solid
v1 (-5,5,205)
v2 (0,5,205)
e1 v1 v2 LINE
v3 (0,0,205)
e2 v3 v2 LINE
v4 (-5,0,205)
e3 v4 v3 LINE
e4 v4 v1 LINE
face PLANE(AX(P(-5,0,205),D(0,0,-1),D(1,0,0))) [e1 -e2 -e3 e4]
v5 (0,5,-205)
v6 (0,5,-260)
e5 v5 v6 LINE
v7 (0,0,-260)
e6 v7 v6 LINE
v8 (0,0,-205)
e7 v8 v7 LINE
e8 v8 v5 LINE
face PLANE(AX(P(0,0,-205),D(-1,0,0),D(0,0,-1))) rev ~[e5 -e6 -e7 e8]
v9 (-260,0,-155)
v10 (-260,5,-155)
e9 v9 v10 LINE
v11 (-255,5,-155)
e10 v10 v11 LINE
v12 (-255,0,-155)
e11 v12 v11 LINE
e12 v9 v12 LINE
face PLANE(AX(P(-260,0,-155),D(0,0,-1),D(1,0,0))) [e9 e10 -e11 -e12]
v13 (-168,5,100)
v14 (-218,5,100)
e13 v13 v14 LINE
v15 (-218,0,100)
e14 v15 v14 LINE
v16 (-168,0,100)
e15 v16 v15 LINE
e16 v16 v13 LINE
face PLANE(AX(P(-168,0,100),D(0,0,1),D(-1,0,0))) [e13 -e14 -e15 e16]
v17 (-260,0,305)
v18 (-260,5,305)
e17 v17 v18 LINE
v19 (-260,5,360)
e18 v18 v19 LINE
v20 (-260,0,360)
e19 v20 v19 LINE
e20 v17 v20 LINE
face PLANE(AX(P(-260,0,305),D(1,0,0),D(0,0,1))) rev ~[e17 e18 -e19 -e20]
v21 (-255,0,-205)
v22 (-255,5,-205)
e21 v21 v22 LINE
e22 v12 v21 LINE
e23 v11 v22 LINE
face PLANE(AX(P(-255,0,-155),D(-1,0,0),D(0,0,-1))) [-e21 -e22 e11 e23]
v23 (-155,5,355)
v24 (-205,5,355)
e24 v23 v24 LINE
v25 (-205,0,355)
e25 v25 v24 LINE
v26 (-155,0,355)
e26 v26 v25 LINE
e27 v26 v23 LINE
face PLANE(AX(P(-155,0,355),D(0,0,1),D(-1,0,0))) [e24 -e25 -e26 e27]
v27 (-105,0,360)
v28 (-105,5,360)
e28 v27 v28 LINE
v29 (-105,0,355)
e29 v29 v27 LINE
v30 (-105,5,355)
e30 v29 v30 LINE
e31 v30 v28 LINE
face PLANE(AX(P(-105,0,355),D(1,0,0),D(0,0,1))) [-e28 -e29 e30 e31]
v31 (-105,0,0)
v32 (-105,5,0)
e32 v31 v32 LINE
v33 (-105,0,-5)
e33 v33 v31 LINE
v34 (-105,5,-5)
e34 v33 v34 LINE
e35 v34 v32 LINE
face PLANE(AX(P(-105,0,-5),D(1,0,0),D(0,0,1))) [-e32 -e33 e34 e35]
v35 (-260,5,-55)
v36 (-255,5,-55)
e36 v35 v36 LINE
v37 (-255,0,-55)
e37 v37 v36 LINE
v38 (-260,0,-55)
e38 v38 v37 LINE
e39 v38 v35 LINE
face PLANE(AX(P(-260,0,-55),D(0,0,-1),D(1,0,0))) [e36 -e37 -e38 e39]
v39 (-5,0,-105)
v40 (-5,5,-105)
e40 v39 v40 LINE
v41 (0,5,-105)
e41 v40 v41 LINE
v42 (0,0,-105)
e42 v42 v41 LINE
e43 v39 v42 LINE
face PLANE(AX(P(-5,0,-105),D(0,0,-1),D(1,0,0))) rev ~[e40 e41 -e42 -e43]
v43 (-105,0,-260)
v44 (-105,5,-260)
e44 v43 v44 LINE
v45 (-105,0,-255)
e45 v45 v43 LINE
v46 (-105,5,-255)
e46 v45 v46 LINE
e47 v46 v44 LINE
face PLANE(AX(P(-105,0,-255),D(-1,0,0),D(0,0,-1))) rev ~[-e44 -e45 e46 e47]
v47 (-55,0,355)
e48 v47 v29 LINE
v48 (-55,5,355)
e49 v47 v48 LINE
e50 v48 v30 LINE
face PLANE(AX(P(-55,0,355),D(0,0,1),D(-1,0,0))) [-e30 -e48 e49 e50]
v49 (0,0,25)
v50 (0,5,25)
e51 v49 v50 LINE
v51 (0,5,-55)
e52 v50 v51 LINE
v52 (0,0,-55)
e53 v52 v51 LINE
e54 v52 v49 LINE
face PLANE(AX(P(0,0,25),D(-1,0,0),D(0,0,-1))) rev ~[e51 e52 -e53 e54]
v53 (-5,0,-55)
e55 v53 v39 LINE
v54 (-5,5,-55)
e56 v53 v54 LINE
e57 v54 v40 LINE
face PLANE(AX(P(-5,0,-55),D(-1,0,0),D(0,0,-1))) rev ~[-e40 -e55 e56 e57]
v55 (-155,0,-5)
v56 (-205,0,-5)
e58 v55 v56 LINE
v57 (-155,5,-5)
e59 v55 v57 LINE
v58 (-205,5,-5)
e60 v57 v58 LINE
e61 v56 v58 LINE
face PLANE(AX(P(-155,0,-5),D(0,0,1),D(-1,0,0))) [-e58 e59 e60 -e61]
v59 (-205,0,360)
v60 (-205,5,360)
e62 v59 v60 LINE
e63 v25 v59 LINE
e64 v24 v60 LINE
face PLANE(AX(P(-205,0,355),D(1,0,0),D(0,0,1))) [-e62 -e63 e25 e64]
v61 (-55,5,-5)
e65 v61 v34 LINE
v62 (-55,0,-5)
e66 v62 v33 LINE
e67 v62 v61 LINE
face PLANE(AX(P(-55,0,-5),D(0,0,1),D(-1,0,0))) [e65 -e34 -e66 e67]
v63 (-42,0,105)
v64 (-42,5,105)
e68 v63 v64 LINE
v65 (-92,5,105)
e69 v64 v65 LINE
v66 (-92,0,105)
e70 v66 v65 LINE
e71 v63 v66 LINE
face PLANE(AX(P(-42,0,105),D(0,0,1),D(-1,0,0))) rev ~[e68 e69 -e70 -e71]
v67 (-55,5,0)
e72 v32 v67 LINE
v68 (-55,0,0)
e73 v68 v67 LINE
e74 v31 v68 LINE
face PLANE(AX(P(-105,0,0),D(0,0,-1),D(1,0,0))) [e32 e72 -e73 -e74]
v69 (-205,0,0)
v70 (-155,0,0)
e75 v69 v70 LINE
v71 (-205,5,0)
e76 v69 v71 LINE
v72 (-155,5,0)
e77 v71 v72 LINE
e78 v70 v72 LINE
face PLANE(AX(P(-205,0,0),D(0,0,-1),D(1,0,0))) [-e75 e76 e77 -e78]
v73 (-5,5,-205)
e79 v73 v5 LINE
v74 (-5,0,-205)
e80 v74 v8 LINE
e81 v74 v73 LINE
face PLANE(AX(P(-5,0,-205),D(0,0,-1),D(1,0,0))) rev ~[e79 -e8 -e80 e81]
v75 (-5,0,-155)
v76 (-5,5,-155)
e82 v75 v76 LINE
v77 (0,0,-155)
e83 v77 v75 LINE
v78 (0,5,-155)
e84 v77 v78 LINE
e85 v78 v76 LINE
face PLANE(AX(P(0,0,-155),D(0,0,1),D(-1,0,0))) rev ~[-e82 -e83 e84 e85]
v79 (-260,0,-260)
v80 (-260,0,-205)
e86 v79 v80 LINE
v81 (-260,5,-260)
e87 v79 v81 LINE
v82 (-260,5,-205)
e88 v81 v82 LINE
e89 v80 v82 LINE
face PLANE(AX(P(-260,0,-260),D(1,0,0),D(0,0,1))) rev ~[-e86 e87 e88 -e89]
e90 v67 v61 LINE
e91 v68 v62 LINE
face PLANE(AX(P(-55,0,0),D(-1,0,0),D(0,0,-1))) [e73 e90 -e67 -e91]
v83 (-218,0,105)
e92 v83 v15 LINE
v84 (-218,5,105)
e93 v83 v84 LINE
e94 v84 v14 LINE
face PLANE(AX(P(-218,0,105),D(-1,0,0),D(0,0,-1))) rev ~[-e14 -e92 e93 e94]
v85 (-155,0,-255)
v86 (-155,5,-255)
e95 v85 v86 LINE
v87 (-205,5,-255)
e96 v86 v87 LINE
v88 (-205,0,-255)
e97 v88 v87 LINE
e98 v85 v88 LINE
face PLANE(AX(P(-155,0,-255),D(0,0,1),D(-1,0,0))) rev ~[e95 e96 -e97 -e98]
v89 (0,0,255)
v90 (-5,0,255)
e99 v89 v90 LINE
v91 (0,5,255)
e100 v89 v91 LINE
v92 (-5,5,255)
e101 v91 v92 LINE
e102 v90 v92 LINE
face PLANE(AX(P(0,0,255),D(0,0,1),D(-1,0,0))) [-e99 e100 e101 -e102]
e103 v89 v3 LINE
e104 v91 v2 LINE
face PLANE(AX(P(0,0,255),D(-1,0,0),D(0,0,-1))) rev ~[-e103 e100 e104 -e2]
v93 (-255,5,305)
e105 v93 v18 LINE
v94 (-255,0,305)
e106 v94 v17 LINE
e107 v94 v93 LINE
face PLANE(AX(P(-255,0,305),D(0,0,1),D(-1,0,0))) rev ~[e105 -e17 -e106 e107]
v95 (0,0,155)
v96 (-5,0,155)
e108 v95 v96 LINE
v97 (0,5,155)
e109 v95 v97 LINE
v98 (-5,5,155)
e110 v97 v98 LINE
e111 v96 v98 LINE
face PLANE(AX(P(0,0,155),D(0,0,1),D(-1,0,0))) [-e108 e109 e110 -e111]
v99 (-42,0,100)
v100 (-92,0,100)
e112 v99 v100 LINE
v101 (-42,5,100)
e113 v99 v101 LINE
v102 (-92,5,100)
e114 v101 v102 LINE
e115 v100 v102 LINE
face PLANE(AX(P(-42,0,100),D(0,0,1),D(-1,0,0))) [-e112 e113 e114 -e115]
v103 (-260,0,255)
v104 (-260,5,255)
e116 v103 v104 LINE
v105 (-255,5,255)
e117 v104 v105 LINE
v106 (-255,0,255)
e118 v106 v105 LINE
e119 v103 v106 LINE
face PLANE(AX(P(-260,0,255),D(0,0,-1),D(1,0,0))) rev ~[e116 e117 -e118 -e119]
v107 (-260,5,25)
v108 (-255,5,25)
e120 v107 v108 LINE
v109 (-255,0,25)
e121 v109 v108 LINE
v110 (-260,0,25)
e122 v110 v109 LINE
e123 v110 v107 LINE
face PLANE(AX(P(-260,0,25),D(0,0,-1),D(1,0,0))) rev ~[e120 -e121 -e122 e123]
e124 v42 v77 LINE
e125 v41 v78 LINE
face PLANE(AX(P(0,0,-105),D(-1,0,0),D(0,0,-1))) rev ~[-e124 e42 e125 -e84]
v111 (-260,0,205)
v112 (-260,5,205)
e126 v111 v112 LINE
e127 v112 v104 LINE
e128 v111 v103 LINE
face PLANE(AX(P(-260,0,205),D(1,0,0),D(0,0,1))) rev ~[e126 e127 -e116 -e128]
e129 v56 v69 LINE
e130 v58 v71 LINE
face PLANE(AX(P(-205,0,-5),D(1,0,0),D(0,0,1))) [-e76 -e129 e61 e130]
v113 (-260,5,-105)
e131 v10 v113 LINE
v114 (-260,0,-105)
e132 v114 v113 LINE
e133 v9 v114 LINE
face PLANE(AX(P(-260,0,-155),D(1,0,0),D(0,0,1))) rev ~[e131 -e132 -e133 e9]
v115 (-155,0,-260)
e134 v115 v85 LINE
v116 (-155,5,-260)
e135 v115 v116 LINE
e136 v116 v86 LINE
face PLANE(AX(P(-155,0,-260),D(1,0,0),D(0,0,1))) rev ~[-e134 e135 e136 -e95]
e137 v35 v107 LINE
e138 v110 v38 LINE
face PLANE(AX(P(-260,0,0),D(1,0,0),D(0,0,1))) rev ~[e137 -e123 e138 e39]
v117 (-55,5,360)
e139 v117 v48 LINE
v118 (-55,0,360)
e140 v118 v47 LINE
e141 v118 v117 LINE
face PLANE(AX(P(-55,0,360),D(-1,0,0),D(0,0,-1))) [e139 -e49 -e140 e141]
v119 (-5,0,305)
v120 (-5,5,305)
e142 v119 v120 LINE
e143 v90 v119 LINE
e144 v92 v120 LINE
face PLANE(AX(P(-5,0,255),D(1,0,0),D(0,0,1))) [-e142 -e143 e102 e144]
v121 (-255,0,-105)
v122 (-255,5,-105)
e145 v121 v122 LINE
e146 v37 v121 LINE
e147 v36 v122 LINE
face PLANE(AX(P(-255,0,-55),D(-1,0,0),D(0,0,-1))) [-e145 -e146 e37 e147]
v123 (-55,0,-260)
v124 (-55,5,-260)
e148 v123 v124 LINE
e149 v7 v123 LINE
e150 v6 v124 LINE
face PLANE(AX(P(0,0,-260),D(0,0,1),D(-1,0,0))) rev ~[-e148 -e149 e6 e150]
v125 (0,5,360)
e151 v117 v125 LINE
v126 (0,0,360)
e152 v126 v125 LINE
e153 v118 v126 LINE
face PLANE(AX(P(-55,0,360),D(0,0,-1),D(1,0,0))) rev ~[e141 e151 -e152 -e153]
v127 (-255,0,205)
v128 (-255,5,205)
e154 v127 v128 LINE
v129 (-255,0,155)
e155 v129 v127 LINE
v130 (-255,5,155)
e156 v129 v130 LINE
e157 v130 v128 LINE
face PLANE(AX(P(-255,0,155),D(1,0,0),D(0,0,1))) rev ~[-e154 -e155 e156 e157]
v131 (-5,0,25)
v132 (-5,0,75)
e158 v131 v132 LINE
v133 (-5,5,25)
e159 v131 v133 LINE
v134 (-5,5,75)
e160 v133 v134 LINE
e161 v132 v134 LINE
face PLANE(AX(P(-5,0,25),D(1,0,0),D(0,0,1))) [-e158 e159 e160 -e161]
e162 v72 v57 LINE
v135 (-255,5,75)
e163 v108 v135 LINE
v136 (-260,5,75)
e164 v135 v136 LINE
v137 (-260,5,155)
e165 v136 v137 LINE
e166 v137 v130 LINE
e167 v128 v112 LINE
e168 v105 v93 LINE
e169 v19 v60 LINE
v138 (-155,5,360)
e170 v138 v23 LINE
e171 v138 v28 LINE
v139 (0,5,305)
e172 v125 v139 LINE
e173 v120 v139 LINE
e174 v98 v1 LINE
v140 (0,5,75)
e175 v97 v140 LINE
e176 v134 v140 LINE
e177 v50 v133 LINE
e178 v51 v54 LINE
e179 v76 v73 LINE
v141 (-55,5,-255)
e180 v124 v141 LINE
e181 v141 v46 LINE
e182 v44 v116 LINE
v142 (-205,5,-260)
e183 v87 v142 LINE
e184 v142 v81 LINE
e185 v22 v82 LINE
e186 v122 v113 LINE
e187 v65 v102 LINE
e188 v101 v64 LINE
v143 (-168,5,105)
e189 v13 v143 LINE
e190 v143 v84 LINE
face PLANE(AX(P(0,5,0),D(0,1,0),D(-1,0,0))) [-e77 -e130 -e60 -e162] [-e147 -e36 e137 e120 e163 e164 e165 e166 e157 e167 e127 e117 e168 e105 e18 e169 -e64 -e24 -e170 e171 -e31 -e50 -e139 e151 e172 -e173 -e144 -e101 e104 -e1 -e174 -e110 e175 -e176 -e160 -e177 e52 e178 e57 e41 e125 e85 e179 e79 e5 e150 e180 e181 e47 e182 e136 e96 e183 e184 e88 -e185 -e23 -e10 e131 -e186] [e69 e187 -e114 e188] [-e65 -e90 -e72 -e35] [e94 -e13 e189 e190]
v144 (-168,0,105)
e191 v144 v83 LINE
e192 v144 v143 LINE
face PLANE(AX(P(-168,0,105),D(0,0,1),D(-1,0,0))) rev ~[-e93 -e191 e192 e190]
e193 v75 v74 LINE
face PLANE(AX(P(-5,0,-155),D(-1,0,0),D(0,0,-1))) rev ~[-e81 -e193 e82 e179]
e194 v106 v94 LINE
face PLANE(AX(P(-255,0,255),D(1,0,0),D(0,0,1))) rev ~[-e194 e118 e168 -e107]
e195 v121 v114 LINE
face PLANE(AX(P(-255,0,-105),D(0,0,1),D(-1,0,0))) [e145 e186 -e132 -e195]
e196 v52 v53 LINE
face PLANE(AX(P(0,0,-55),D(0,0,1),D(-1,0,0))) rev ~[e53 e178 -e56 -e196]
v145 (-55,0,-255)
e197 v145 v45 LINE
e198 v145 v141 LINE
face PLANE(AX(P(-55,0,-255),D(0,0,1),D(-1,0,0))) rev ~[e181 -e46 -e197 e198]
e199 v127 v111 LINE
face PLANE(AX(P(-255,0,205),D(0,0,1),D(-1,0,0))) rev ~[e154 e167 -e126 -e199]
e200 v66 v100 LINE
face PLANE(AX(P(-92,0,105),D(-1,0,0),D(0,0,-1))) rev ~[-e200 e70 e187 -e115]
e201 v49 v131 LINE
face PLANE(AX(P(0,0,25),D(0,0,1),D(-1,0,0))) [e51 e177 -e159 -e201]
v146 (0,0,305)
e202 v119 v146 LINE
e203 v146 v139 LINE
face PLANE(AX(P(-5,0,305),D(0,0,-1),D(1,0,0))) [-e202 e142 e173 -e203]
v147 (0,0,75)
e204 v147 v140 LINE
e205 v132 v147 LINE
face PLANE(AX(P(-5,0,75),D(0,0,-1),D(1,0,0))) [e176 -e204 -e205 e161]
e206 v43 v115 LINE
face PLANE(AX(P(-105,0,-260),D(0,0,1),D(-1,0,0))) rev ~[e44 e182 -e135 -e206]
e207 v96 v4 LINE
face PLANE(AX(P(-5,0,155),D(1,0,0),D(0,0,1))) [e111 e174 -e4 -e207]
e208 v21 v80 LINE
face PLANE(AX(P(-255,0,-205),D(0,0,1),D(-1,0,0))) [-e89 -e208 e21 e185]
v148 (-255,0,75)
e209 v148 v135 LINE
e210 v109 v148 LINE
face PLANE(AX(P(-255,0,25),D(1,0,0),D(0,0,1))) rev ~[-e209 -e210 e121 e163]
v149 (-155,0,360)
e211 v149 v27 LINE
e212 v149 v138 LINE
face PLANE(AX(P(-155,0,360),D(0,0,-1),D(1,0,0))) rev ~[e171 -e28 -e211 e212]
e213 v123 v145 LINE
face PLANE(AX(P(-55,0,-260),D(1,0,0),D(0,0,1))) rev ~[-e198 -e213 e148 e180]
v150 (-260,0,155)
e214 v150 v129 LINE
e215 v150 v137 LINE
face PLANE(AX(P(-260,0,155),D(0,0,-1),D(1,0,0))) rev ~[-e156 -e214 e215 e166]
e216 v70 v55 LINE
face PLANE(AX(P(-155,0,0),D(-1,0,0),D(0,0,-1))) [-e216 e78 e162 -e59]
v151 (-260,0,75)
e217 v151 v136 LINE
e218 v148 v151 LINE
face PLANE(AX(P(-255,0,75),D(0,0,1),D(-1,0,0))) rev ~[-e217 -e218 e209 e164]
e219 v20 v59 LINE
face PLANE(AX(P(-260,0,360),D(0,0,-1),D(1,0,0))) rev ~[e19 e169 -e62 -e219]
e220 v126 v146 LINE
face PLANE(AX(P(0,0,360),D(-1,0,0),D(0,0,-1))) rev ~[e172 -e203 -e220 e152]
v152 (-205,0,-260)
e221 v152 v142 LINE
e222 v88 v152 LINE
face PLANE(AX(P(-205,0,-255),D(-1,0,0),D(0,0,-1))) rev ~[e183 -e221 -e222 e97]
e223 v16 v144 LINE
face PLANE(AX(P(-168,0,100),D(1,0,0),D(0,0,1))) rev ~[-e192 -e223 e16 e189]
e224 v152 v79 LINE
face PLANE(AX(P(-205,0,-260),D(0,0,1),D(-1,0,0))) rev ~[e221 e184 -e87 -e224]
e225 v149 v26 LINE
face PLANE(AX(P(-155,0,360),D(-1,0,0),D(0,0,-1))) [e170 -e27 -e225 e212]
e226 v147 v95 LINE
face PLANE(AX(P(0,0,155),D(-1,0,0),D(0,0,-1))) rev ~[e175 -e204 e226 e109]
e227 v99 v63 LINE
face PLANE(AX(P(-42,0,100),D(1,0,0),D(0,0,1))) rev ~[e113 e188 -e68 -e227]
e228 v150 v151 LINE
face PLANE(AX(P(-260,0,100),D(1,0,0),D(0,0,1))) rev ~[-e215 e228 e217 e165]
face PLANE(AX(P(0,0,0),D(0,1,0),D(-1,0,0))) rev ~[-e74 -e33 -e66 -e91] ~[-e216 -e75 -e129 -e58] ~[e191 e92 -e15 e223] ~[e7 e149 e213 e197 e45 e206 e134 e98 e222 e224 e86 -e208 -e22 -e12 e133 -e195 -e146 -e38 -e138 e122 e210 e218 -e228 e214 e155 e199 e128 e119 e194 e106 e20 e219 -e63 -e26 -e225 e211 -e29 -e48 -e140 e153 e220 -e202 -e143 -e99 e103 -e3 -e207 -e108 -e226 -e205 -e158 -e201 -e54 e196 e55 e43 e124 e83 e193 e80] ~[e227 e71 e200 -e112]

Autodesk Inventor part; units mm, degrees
ref_plane "YZ Plane" through (0, 0, 0) normal (1, 0, 0) x (0, 1, 0)
ref_plane "XZ Plane" through (0, 0, 0) normal (0, 1, 0) x (-1, 0, 0)
ref_plane "XY Plane" through (0, 0, 0) normal (0, 0, 1) x (1, 0, 0)
sketch "Sketch1" plane through (0, 0, 0) normal (0, 1, 0) x (-1, 0, 0)
  line L0 (260, 360) -> (0, 360)
  line L1 (0, 360) -> (0, 100)
  line L2 (0, 100) -> (260, 100)
  line L3 (260, 100) -> (260, 360)
  line L4 (260, 0) -> (0, 0)
  line L5 (0, 0) -> (0, -260)
  line L6 (0, -260) -> (260, -260)
  line L7 (260, -260) -> (260, 0)
  line L8 (260, 100) -> (0, 100)
  line L9 (0, 100) -> (0, 0)
  line L10 (0, 0) -> (260, 0)
  line L11 (260, 0) -> (260, 100)
  line L12 (260, 25) -> (255, 25)
  line L13 (255, 25) -> (255, 75)
  line L14 (255, 75) -> (260, 75)
  line L15 (260, 75) -> (260, 25)
  line L16 (260, 155) -> (255, 155)
  line L17 (255, 155) -> (255, 205)
  line L18 (255, 205) -> (260, 205)
  line L19 (260, 205) -> (260, 155)
  line L20 (260, 255) -> (255, 255)
  line L21 (255, 255) -> (255, 305)
  line L22 (255, 305) -> (260, 305)
  line L23 (260, 305) -> (260, 255)
  line L24 (130, -260) -> (130, 360) construction
  line L25 (260, 50) -> (0, 50) construction
  line L26 (260, -55) -> (255, -55)
  line L27 (255, -55) -> (255, -105)
  line L28 (255, -105) -> (260, -105)
  line L29 (260, -155) -> (255, -155)
  line L30 (255, -155) -> (255, -205)
  line L31 (255, -205) -> (260, -205)
  line L32 (0, 25) -> (5, 25)
  line L33 (5, 25) -> (5, 75)
  line L34 (5, 75) -> (0, 75)
  line L35 (0, 155) -> (5, 155)
  line L36 (5, 155) -> (5, 205)
  line L37 (5, 205) -> (0, 205)
  line L38 (0, 255) -> (5, 255)
  line L39 (5, 255) -> (5, 305)
  line L40 (5, 305) -> (0, 305)
  line L41 (5, -55) -> (5, -105)
  line L42 (5, -105) -> (0, -105)
  line L43 (0, -55) -> (5, -55)
  line L44 (5, -205) -> (0, -205)
  line L45 (5, -155) -> (5, -205)
  line L46 (0, -155) -> (5, -155)
  line L47 (205, -260) -> (155, -260)
  line L48 (155, -260) -> (155, -255)
  line L49 (155, -255) -> (205, -255)
  line L50 (205, -255) -> (205, -260)
  line L51 (105, -260) -> (55, -260)
  line L52 (55, -260) -> (55, -255)
  line L53 (55, -255) -> (105, -255)
  line L54 (105, -255) -> (105, -260)
  line L55 (155, 360) -> (155, 355)
  line L56 (155, 355) -> (205, 355)
  line L57 (205, 355) -> (205, 360)
  line L58 (55, 360) -> (55, 355)
  line L59 (55, 355) -> (105, 355)
  line L60 (105, 355) -> (105, 360)
  line L61 (260, -130) -> (0, -130) construction
  line L62 (260, 230) -> (0, 230) construction
  line L63 (155, 0) -> (155, -5)
  line L64 (155, -5) -> (205, -5)
  line L65 (205, -5) -> (205, 0)
  line L66 (55, 0) -> (55, -5)
  line L67 (55, -5) -> (105, -5)
  line L68 (105, -5) -> (105, 0)
  line L69 (218, 100) -> (168, 100)
  line L70 (168, 100) -> (168, 105)
  line L71 (168, 105) -> (218, 105)
  line L72 (218, 105) -> (218, 100)
  line L73 (92, 100) -> (42, 100)
  line L74 (42, 100) -> (42, 105)
  line L75 (42, 105) -> (92, 105)
  line L76 (92, 105) -> (92, 100)
  point P0 (257.5, 255)
  point P1 (92, 102.5)
  point P2 (168, 102.5)
  point P3 (130, 100)
  dimension "d0" = 260
  dimension "d1" = 260
  dimension "d2" = 260
  dimension "d3" = 100
  dimension "d6" = 50
  dimension "d7" = 50
  dimension "d8" = 50
  dimension "d9" = 50
  dimension "d10" = 55
  dimension "d12" = 5
  dimension "d13" = 25
  dimension "d14" = 5
  dimension "d15" = 55
  dimension "d16" = 50
  dimension "d17" = 50
  dimension "d18" = 50
  dimension "d19" = 50
  dimension "d20" = 50
  dimension "d21" = 5
  dimension "d22" = 76
  dimension "d23" = 38
extrude "Extrusion1" add sketch "Sketch1" along normal blind 5 contours L3 L22 L21 L20 L18 L17 L16 L2 L72 L71 L70 L76 L75 L74 L1 L35 L36 L37 L38 L39 L40 L0 L58 L59 L60 L55 L56 L57 | L11 L14 L13 L12 L4 L9 L32 L33 L34 L2 | L7 L26 L27 L28 L29 L30 L31 L6 L50 L49 L48 L54 L53 L52 L5 L44 L45 L46 L42 L41 L43 L4 L66 L67 L68 L63 L64 L65
equation "\"BendRadius\" = Thickness"
equation "\"BendReliefWidth\" = Thickness"
equation "\"BendReliefDepth\" = 0.5 * Thickness"
equation "\"CornerReliefSize\" = 4 * Thickness"
equation "\"MinimumRemnant\" = 2 * Thickness"
equation "\"TransitionRadius\" = BendRadius"
equation "\"JacobiRadiusSize\" = BendRadius"
equation "\"GapSize\" = Thickness"
equation "\"Thickness\" = 3.048"
properties part number "Base" material "Wood (Cherry)"
